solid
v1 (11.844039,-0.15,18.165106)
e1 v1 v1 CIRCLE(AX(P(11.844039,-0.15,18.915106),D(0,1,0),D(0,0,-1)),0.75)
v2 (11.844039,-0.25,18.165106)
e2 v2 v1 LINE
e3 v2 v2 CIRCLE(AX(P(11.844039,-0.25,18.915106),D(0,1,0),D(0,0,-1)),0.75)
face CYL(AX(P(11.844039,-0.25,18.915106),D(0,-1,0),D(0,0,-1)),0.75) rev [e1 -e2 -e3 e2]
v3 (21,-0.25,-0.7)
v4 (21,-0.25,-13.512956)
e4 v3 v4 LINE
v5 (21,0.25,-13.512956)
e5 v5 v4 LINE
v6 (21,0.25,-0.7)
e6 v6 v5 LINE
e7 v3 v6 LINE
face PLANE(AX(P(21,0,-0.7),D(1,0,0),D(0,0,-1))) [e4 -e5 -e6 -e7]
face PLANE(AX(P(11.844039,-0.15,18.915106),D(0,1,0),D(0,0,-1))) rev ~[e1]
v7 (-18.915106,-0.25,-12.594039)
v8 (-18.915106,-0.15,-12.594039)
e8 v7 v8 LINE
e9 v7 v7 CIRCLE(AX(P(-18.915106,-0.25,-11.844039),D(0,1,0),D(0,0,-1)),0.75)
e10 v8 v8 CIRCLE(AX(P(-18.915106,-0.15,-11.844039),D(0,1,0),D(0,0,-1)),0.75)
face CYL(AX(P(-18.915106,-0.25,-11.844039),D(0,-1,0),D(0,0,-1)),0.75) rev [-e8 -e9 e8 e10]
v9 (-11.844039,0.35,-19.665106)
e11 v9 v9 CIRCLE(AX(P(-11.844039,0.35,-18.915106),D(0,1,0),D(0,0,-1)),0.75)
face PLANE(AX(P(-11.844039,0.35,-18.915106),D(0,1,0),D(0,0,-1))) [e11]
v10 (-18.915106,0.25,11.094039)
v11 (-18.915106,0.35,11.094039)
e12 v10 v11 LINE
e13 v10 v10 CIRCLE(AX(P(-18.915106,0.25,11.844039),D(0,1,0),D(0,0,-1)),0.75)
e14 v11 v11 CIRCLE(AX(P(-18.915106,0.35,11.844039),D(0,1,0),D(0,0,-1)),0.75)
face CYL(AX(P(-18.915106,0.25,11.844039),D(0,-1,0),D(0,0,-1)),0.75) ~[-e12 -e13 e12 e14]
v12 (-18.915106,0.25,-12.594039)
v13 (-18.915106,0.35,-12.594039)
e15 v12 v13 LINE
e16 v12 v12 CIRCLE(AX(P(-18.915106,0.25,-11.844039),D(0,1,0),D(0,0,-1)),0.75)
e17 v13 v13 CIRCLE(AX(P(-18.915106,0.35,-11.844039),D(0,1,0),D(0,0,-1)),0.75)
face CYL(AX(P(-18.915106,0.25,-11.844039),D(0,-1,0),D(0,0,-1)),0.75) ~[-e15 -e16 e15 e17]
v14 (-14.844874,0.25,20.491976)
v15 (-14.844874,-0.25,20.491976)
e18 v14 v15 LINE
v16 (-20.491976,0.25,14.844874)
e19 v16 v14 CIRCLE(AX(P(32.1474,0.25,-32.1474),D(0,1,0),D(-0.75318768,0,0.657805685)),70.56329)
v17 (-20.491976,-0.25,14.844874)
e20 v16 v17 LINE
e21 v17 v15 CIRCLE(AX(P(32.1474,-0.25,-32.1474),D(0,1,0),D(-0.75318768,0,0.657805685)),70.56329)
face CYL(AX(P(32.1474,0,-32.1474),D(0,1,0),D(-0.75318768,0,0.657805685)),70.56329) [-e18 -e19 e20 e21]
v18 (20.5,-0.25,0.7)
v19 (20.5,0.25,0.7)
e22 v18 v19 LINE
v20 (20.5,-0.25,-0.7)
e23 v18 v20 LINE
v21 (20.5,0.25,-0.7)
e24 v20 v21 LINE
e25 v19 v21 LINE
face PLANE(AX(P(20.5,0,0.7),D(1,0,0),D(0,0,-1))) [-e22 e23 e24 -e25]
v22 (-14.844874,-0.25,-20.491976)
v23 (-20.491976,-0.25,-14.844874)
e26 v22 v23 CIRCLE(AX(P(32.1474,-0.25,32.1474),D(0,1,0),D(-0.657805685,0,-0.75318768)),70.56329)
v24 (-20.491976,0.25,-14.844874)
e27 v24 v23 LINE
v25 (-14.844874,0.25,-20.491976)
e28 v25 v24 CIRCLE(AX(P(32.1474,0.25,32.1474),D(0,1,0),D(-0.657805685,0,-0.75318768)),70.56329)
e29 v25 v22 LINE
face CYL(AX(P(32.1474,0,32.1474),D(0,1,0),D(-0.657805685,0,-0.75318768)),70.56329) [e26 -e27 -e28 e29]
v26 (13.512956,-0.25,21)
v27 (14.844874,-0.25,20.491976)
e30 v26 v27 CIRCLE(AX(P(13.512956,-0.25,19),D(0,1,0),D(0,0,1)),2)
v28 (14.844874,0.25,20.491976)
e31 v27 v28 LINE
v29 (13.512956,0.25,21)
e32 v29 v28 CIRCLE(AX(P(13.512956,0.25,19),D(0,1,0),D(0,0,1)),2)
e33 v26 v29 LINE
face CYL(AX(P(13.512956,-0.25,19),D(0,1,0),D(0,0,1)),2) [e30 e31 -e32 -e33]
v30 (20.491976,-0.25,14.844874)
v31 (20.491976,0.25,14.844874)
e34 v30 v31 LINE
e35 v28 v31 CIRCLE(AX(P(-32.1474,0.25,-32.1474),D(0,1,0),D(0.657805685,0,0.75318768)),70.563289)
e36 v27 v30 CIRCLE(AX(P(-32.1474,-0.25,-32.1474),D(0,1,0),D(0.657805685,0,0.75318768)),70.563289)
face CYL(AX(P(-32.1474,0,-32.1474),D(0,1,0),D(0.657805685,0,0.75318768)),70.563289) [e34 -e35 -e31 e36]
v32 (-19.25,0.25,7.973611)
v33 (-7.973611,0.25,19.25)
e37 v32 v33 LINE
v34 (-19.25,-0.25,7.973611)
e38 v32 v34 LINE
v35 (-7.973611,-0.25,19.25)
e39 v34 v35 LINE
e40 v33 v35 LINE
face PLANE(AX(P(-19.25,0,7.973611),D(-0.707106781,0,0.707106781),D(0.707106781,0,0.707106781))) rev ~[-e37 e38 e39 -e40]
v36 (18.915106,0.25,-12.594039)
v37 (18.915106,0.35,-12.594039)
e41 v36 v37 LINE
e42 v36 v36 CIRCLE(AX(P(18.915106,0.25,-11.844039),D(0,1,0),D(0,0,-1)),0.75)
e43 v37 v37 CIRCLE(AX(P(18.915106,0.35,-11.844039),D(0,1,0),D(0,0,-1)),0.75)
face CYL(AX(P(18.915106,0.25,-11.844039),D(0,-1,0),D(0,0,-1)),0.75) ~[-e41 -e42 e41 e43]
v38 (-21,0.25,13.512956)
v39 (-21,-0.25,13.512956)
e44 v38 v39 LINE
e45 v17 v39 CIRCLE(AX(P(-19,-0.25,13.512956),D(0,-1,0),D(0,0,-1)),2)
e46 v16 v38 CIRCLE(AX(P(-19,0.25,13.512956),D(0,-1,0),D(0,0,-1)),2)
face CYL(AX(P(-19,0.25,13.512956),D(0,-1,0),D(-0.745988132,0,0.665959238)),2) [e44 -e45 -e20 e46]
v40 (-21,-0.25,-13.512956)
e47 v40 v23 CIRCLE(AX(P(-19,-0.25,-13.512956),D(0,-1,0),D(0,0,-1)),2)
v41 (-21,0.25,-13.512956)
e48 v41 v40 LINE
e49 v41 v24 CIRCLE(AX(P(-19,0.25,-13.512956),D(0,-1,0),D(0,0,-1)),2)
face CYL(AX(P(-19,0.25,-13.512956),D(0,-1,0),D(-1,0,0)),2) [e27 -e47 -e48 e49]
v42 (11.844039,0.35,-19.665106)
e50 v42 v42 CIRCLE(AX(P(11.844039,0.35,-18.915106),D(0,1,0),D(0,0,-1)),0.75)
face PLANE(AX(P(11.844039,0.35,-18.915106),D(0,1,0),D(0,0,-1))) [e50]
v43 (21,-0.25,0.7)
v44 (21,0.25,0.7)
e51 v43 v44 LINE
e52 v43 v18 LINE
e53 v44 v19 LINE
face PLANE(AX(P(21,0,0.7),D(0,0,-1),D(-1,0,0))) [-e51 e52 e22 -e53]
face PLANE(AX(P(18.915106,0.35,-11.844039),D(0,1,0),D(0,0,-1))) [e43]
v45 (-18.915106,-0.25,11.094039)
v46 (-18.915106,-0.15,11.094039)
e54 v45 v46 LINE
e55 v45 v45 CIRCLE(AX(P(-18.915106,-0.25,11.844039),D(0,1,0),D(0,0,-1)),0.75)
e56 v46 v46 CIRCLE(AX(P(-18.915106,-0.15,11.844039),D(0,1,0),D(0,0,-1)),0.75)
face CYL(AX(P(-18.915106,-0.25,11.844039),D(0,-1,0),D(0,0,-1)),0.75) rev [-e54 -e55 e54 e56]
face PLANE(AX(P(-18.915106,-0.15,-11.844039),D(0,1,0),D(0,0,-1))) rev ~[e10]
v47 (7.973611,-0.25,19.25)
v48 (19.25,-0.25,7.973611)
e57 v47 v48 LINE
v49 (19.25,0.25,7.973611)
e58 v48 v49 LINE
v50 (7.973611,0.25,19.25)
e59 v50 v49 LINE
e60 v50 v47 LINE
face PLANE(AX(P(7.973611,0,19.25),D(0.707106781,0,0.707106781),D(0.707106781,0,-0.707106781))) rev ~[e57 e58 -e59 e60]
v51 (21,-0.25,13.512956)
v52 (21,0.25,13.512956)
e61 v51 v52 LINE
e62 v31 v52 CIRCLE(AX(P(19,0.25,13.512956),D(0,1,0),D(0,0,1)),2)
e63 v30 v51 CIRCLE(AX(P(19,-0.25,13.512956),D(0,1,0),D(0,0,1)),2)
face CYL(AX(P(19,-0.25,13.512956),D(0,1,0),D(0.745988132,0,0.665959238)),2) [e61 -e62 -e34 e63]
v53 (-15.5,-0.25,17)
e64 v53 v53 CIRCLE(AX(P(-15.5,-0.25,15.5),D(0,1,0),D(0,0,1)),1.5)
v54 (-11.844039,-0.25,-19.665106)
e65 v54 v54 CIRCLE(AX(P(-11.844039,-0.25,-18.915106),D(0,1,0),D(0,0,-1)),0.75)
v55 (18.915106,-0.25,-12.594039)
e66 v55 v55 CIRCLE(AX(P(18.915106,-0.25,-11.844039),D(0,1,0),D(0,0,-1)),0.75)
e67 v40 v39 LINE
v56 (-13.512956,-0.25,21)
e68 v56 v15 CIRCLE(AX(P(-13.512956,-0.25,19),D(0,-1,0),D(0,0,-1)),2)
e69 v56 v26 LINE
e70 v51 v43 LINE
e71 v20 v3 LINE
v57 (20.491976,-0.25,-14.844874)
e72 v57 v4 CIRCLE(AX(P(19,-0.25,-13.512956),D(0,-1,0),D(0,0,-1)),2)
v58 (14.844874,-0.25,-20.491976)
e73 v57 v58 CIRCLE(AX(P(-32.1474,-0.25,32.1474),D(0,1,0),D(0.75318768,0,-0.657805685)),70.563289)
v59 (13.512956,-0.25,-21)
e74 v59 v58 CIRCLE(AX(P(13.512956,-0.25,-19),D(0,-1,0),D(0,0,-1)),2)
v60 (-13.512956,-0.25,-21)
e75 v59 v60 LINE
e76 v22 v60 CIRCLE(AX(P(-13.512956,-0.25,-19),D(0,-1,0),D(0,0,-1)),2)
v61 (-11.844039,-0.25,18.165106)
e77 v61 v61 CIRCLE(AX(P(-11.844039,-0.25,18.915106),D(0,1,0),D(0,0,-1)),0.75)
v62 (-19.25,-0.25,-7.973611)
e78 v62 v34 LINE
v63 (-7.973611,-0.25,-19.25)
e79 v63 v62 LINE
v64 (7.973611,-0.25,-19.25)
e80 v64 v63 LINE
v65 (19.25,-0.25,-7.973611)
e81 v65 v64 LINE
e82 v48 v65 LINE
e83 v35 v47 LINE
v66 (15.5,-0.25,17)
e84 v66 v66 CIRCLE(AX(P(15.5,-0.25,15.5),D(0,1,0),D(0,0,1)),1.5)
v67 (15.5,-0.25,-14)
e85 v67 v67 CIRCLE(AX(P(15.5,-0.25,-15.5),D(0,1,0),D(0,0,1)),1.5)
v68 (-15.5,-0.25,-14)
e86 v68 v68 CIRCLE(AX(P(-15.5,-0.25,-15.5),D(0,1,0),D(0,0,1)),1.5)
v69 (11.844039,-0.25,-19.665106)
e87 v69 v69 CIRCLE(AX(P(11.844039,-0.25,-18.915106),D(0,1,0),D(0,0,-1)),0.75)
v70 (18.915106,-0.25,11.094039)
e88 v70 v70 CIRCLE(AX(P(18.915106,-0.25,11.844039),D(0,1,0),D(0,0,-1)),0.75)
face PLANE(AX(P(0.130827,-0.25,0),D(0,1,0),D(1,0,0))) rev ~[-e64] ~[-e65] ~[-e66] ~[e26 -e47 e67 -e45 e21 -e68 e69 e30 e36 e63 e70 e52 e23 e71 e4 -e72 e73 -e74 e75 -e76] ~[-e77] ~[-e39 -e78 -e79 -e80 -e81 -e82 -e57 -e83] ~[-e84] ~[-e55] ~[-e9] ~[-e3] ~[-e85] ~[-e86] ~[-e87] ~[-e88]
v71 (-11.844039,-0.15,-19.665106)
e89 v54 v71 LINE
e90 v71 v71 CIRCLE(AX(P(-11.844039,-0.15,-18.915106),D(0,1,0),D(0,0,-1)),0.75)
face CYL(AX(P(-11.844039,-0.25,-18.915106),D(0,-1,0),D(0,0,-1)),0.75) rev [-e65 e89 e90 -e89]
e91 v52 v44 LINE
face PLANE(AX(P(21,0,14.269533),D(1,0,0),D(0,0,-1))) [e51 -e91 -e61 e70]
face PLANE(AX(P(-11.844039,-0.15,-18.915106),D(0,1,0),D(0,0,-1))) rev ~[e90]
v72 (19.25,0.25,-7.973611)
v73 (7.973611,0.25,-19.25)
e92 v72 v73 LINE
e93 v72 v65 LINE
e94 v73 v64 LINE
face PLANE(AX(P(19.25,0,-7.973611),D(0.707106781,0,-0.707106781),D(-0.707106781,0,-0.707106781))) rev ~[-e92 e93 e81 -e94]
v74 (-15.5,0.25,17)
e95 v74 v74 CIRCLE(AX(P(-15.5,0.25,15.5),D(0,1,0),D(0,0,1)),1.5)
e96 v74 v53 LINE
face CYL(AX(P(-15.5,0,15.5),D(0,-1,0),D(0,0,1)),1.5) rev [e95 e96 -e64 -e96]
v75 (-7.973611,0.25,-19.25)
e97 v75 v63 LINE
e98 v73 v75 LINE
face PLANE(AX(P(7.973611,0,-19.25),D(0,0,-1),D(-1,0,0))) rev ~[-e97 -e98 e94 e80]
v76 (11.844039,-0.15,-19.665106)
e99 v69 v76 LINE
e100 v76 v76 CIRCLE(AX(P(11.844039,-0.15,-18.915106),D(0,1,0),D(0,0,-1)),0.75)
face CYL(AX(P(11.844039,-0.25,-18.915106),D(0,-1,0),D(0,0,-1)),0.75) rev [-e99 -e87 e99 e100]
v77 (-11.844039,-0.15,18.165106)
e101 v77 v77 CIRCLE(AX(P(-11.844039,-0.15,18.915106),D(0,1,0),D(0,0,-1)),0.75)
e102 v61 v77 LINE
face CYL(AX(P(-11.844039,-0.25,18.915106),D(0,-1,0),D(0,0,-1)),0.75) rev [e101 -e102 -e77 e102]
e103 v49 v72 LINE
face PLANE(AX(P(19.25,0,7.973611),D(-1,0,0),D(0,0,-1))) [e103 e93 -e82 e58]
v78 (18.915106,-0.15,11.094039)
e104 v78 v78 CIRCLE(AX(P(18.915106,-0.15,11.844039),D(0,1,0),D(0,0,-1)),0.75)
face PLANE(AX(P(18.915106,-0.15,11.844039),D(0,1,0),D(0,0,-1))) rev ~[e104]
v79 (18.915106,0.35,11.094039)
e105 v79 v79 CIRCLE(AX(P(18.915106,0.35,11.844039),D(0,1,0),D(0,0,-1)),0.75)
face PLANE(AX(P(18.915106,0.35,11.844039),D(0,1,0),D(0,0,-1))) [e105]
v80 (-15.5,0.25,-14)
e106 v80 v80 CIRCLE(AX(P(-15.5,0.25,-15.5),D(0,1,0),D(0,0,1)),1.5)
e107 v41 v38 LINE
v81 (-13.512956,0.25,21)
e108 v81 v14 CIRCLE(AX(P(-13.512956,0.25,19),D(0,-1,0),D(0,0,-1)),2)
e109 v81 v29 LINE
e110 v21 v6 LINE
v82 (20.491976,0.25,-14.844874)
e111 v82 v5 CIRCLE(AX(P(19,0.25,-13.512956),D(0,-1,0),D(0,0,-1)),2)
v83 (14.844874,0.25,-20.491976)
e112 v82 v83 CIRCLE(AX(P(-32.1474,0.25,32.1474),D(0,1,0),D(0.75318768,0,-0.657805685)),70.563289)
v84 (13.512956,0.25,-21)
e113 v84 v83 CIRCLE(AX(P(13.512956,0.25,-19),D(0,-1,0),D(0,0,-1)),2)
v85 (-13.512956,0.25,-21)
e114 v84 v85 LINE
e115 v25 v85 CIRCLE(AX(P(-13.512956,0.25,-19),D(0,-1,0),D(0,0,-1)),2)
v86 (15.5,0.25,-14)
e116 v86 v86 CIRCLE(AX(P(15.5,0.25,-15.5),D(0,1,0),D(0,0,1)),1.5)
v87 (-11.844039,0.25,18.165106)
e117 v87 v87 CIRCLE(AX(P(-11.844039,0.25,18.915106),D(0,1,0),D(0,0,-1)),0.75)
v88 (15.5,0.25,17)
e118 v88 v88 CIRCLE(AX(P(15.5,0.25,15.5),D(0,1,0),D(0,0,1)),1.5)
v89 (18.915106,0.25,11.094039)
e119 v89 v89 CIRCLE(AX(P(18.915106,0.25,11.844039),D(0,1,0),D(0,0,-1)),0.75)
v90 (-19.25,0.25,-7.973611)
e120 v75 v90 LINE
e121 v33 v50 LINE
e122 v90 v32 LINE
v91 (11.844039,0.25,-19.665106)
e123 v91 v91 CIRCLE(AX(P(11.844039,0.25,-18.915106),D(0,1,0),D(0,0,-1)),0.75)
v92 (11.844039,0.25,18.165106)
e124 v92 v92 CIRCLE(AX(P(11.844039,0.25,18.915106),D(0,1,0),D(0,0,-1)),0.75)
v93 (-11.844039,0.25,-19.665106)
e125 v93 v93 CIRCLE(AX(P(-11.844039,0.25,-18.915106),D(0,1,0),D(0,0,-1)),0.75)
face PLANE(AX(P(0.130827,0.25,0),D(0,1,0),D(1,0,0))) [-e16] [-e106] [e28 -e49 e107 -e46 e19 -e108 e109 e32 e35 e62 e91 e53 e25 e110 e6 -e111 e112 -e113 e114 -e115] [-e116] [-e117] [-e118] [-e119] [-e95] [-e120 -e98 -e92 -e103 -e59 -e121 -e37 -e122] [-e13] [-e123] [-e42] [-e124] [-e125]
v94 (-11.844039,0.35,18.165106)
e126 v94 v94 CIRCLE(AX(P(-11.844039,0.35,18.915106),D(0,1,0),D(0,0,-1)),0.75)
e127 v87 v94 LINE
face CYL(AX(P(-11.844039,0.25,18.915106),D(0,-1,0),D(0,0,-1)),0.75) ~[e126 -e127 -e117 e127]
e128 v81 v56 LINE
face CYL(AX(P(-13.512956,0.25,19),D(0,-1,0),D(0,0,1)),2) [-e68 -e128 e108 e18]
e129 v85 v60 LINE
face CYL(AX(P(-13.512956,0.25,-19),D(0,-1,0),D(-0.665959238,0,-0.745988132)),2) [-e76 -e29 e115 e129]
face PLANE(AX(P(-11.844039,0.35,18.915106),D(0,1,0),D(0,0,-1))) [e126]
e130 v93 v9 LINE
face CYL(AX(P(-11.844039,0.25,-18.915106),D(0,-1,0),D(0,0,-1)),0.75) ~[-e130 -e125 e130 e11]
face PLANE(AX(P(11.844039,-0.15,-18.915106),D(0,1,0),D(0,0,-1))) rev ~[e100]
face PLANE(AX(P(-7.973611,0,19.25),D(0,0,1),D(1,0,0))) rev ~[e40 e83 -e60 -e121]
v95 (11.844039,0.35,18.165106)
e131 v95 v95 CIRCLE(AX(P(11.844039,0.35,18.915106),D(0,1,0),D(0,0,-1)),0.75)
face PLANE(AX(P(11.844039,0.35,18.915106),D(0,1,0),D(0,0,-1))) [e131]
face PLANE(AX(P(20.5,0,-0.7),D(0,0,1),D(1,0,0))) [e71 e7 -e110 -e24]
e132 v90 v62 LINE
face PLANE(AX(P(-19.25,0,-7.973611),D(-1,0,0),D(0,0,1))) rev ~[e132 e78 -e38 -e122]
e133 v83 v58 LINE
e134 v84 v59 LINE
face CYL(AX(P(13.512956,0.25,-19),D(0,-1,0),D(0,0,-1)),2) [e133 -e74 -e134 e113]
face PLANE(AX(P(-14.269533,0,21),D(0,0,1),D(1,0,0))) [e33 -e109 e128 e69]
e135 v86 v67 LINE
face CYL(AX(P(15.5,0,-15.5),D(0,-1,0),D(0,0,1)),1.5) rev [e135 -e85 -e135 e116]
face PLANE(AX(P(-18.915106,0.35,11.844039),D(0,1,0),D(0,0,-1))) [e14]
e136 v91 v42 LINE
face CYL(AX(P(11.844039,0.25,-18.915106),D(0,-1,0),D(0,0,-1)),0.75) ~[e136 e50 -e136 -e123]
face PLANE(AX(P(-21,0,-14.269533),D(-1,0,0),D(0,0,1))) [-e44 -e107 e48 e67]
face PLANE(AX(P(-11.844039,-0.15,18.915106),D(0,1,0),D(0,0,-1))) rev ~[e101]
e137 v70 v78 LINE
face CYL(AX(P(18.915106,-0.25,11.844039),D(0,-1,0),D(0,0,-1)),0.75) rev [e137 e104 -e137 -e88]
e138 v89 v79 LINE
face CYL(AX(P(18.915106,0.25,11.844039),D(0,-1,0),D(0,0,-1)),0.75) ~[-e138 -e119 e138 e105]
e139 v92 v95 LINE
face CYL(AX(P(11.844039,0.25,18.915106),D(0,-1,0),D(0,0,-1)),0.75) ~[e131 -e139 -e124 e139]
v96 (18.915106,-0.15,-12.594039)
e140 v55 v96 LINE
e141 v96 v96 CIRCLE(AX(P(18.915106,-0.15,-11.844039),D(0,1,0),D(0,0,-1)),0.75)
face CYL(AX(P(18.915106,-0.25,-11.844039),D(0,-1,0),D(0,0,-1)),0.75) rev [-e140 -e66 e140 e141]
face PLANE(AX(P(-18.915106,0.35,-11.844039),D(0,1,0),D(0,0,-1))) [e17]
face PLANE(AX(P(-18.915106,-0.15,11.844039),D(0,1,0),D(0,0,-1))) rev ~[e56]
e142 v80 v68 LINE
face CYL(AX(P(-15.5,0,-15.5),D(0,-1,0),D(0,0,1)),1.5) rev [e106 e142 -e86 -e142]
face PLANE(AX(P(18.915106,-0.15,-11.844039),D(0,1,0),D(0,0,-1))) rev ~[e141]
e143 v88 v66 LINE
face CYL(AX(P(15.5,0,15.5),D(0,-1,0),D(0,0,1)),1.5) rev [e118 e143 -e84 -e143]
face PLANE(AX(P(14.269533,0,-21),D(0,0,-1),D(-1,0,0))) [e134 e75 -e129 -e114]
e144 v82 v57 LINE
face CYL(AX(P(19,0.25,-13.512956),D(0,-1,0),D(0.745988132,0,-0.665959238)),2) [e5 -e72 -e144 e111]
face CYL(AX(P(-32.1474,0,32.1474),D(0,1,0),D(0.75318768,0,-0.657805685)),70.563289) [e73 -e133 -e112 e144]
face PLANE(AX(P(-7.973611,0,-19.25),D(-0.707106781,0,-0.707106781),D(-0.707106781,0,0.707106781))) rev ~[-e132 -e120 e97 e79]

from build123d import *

# Parameters (mm, degrees)
ESBO_O1_R                = 1.5
RESSALTO_EXTRUS_O1_DEPTH = 0.25
RESSALTO_EXTRUS_O2_START = 0.25
ESBO_O1_3_R              = 0.75
RESSALTO_EXTRUS_O2_DEPTH = 0.1
CORTE_EXTRUS_O1_START    = -0.25
ESBO_O1_4_R              = 0.75
CORTE_EXTRUS_O1_DEPTH    = 0.1
FILETE1_R                = 2


with BuildPart() as part:
    # Esboço1 → Ressalto-extrusão1 (new, symmetric)
    with BuildSketch(Plane(origin=(0, 0, 0), x_dir=(1, 0, 0), z_dir=(0, 1, 0))):
        with BuildLine():
            Line((-14.269532703, -20.99999997), (14.269532672, -20.99999997))
            ThreePointArc((14.269532672, -20.99999997), (17.748380193, -17.748380193), (20.99999997, -14.269532672))
            Line((20.99999997, -14.269532672), (20.99999997, -0.699999985))
            Line((20.99999997, -0.699999985), (20.49999997, -0.699999985))
            Line((20.49999997, -0.699999985), (20.49999997, 0.700000015))
            Line((20.49999997, 0.700000015), (20.99999997, 0.700000015))
            Line((20.99999997, 0.700000015), (20.99999997, 14.269532702))
            ThreePointArc((20.99999997, 14.269532702), (17.748380193, 17.748380223), (14.269532672, 21))
            Line((14.269532672, 21), (-14.269532702, 21))
            ThreePointArc((-14.269532702, 21), (-17.748380223, 17.748380223), (-21, 14.269532703))
            Line((-21, 14.269532703), (-21, -14.269532672))
            ThreePointArc((-21, -14.269532672), (-17.748380223, -17.748380193), (-14.269532703, -20.99999997))
        make_face()
        with Locations(Location((15.5, 15.5, 0), (0, 0, 270))):
            Circle(ESBO_O1_R, mode=Mode.SUBTRACT)
        with Locations(Location((-15.5, 15.5, 0), (0, 0, 270))):
            Circle(ESBO_O1_R, mode=Mode.SUBTRACT)
        with Locations(Location((-15.5, -15.5, 0), (0, 0, 270))):
            Circle(ESBO_O1_R, mode=Mode.SUBTRACT)
        with Locations(Location((15.5, -15.5, 0), (0, 0, 270))):
            Circle(ESBO_O1_R, mode=Mode.SUBTRACT)
        Polygon((19.25, 7.973611076), (7.973611076, 19.25), (-7.973611076, 19.25), (-19.25, 7.973611076), (-19.25, -7.973611076), (-7.973611076, -19.25), (7.973611076, -19.25), (19.25, -7.973611076), align=None, mode=Mode.SUBTRACT)
    extrude(amount=RESSALTO_EXTRUS_O1_DEPTH, both=True)

    # Esboço1<3> → Ressalto-extrusão2 (add)
    with BuildSketch(Plane(origin=(0, 0, 0), x_dir=(1, 0, 0), z_dir=(0, 1, 0)).offset(RESSALTO_EXTRUS_O2_START)):
        with Locations(Location((-18.915106397, 11.844038585, 0), (0, 0, 90))):
            Circle(ESBO_O1_3_R)
        with Locations(Location((-11.844038585, 18.915106397, 0), (0, 0, 90))):
            Circle(ESBO_O1_3_R)
        with Locations(Location((11.844038585, 18.915106397, 0), (0, 0, 90))):
            Circle(ESBO_O1_3_R)
        with Locations(Location((18.915106397, 11.844038585, 0), (0, 0, 90))):
            Circle(ESBO_O1_3_R)
        with Locations(Location((18.915106397, -11.844038585, 0), (0, 0, 90))):
            Circle(ESBO_O1_3_R)
        with Locations(Location((11.844038585, -18.915106397, 0), (0, 0, 90))):
            Circle(ESBO_O1_3_R)
        with Locations(Location((-11.844038585, -18.915106397, 0), (0, 0, 90))):
            Circle(ESBO_O1_3_R)
        with Locations(Location((-18.915106397, -11.844038585, 0), (0, 0, 90))):
            Circle(ESBO_O1_3_R)
    extrude(amount=RESSALTO_EXTRUS_O2_DEPTH)

    # Esboço1<4> → Corte-extrusão1 (cut)
    with BuildSketch(Plane(origin=(0, 0, 0), x_dir=(1, 0, 0), z_dir=(0, 1, 0)).offset(CORTE_EXTRUS_O1_START)):
        with Locations(Location((-11.844038585, -18.915106397, 0), (0, 0, 90))):
            Circle(ESBO_O1_4_R)
        with Locations(Location((18.915106397, -11.844038585, 0), (0, 0, 90))):
            Circle(ESBO_O1_4_R)
        with Locations(Location((-18.915106397, 11.844038585, 0), (0, 0, 90))):
            Circle(ESBO_O1_4_R)
        with Locations(Location((-18.915106397, -11.844038585, 0), (0, 0, 90))):
            Circle(ESBO_O1_4_R)
        with Locations(Location((11.844038585, -18.915106397, 0), (0, 0, 90))):
            Circle(ESBO_O1_4_R)
        with Locations(Location((18.915106397, 11.844038585, 0), (0, 0, 90))):
            Circle(ESBO_O1_4_R)
        with Locations(Location((11.844038585, 18.915106397, 0), (0, 0, 90))):
            Circle(ESBO_O1_4_R)
        with Locations(Location((-11.844038585, 18.915106397, 0), (0, 0, 90))):
            Circle(ESBO_O1_4_R)
    extrude(amount=CORTE_EXTRUS_O1_DEPTH, mode=Mode.SUBTRACT)

    # Filete1
    filete1_edges = [part.edges().sort_by_distance(p)[0] for p in [
        (-14.269532703, 0, 20.99999997),
        (14.269532672, 0, 20.99999997),
        (20.99999997, 0, 14.269532672),
        (20.99999997, 0, -14.269532702),
        (14.269532672, 0, -21),
        (-14.269532702, 0, -21),
        (-21, 0, -14.269532703),
        (-21, 0, 14.269532672),
    ]]
    fillet(filete1_edges, radius=FILETE1_R)


solid = part.part
